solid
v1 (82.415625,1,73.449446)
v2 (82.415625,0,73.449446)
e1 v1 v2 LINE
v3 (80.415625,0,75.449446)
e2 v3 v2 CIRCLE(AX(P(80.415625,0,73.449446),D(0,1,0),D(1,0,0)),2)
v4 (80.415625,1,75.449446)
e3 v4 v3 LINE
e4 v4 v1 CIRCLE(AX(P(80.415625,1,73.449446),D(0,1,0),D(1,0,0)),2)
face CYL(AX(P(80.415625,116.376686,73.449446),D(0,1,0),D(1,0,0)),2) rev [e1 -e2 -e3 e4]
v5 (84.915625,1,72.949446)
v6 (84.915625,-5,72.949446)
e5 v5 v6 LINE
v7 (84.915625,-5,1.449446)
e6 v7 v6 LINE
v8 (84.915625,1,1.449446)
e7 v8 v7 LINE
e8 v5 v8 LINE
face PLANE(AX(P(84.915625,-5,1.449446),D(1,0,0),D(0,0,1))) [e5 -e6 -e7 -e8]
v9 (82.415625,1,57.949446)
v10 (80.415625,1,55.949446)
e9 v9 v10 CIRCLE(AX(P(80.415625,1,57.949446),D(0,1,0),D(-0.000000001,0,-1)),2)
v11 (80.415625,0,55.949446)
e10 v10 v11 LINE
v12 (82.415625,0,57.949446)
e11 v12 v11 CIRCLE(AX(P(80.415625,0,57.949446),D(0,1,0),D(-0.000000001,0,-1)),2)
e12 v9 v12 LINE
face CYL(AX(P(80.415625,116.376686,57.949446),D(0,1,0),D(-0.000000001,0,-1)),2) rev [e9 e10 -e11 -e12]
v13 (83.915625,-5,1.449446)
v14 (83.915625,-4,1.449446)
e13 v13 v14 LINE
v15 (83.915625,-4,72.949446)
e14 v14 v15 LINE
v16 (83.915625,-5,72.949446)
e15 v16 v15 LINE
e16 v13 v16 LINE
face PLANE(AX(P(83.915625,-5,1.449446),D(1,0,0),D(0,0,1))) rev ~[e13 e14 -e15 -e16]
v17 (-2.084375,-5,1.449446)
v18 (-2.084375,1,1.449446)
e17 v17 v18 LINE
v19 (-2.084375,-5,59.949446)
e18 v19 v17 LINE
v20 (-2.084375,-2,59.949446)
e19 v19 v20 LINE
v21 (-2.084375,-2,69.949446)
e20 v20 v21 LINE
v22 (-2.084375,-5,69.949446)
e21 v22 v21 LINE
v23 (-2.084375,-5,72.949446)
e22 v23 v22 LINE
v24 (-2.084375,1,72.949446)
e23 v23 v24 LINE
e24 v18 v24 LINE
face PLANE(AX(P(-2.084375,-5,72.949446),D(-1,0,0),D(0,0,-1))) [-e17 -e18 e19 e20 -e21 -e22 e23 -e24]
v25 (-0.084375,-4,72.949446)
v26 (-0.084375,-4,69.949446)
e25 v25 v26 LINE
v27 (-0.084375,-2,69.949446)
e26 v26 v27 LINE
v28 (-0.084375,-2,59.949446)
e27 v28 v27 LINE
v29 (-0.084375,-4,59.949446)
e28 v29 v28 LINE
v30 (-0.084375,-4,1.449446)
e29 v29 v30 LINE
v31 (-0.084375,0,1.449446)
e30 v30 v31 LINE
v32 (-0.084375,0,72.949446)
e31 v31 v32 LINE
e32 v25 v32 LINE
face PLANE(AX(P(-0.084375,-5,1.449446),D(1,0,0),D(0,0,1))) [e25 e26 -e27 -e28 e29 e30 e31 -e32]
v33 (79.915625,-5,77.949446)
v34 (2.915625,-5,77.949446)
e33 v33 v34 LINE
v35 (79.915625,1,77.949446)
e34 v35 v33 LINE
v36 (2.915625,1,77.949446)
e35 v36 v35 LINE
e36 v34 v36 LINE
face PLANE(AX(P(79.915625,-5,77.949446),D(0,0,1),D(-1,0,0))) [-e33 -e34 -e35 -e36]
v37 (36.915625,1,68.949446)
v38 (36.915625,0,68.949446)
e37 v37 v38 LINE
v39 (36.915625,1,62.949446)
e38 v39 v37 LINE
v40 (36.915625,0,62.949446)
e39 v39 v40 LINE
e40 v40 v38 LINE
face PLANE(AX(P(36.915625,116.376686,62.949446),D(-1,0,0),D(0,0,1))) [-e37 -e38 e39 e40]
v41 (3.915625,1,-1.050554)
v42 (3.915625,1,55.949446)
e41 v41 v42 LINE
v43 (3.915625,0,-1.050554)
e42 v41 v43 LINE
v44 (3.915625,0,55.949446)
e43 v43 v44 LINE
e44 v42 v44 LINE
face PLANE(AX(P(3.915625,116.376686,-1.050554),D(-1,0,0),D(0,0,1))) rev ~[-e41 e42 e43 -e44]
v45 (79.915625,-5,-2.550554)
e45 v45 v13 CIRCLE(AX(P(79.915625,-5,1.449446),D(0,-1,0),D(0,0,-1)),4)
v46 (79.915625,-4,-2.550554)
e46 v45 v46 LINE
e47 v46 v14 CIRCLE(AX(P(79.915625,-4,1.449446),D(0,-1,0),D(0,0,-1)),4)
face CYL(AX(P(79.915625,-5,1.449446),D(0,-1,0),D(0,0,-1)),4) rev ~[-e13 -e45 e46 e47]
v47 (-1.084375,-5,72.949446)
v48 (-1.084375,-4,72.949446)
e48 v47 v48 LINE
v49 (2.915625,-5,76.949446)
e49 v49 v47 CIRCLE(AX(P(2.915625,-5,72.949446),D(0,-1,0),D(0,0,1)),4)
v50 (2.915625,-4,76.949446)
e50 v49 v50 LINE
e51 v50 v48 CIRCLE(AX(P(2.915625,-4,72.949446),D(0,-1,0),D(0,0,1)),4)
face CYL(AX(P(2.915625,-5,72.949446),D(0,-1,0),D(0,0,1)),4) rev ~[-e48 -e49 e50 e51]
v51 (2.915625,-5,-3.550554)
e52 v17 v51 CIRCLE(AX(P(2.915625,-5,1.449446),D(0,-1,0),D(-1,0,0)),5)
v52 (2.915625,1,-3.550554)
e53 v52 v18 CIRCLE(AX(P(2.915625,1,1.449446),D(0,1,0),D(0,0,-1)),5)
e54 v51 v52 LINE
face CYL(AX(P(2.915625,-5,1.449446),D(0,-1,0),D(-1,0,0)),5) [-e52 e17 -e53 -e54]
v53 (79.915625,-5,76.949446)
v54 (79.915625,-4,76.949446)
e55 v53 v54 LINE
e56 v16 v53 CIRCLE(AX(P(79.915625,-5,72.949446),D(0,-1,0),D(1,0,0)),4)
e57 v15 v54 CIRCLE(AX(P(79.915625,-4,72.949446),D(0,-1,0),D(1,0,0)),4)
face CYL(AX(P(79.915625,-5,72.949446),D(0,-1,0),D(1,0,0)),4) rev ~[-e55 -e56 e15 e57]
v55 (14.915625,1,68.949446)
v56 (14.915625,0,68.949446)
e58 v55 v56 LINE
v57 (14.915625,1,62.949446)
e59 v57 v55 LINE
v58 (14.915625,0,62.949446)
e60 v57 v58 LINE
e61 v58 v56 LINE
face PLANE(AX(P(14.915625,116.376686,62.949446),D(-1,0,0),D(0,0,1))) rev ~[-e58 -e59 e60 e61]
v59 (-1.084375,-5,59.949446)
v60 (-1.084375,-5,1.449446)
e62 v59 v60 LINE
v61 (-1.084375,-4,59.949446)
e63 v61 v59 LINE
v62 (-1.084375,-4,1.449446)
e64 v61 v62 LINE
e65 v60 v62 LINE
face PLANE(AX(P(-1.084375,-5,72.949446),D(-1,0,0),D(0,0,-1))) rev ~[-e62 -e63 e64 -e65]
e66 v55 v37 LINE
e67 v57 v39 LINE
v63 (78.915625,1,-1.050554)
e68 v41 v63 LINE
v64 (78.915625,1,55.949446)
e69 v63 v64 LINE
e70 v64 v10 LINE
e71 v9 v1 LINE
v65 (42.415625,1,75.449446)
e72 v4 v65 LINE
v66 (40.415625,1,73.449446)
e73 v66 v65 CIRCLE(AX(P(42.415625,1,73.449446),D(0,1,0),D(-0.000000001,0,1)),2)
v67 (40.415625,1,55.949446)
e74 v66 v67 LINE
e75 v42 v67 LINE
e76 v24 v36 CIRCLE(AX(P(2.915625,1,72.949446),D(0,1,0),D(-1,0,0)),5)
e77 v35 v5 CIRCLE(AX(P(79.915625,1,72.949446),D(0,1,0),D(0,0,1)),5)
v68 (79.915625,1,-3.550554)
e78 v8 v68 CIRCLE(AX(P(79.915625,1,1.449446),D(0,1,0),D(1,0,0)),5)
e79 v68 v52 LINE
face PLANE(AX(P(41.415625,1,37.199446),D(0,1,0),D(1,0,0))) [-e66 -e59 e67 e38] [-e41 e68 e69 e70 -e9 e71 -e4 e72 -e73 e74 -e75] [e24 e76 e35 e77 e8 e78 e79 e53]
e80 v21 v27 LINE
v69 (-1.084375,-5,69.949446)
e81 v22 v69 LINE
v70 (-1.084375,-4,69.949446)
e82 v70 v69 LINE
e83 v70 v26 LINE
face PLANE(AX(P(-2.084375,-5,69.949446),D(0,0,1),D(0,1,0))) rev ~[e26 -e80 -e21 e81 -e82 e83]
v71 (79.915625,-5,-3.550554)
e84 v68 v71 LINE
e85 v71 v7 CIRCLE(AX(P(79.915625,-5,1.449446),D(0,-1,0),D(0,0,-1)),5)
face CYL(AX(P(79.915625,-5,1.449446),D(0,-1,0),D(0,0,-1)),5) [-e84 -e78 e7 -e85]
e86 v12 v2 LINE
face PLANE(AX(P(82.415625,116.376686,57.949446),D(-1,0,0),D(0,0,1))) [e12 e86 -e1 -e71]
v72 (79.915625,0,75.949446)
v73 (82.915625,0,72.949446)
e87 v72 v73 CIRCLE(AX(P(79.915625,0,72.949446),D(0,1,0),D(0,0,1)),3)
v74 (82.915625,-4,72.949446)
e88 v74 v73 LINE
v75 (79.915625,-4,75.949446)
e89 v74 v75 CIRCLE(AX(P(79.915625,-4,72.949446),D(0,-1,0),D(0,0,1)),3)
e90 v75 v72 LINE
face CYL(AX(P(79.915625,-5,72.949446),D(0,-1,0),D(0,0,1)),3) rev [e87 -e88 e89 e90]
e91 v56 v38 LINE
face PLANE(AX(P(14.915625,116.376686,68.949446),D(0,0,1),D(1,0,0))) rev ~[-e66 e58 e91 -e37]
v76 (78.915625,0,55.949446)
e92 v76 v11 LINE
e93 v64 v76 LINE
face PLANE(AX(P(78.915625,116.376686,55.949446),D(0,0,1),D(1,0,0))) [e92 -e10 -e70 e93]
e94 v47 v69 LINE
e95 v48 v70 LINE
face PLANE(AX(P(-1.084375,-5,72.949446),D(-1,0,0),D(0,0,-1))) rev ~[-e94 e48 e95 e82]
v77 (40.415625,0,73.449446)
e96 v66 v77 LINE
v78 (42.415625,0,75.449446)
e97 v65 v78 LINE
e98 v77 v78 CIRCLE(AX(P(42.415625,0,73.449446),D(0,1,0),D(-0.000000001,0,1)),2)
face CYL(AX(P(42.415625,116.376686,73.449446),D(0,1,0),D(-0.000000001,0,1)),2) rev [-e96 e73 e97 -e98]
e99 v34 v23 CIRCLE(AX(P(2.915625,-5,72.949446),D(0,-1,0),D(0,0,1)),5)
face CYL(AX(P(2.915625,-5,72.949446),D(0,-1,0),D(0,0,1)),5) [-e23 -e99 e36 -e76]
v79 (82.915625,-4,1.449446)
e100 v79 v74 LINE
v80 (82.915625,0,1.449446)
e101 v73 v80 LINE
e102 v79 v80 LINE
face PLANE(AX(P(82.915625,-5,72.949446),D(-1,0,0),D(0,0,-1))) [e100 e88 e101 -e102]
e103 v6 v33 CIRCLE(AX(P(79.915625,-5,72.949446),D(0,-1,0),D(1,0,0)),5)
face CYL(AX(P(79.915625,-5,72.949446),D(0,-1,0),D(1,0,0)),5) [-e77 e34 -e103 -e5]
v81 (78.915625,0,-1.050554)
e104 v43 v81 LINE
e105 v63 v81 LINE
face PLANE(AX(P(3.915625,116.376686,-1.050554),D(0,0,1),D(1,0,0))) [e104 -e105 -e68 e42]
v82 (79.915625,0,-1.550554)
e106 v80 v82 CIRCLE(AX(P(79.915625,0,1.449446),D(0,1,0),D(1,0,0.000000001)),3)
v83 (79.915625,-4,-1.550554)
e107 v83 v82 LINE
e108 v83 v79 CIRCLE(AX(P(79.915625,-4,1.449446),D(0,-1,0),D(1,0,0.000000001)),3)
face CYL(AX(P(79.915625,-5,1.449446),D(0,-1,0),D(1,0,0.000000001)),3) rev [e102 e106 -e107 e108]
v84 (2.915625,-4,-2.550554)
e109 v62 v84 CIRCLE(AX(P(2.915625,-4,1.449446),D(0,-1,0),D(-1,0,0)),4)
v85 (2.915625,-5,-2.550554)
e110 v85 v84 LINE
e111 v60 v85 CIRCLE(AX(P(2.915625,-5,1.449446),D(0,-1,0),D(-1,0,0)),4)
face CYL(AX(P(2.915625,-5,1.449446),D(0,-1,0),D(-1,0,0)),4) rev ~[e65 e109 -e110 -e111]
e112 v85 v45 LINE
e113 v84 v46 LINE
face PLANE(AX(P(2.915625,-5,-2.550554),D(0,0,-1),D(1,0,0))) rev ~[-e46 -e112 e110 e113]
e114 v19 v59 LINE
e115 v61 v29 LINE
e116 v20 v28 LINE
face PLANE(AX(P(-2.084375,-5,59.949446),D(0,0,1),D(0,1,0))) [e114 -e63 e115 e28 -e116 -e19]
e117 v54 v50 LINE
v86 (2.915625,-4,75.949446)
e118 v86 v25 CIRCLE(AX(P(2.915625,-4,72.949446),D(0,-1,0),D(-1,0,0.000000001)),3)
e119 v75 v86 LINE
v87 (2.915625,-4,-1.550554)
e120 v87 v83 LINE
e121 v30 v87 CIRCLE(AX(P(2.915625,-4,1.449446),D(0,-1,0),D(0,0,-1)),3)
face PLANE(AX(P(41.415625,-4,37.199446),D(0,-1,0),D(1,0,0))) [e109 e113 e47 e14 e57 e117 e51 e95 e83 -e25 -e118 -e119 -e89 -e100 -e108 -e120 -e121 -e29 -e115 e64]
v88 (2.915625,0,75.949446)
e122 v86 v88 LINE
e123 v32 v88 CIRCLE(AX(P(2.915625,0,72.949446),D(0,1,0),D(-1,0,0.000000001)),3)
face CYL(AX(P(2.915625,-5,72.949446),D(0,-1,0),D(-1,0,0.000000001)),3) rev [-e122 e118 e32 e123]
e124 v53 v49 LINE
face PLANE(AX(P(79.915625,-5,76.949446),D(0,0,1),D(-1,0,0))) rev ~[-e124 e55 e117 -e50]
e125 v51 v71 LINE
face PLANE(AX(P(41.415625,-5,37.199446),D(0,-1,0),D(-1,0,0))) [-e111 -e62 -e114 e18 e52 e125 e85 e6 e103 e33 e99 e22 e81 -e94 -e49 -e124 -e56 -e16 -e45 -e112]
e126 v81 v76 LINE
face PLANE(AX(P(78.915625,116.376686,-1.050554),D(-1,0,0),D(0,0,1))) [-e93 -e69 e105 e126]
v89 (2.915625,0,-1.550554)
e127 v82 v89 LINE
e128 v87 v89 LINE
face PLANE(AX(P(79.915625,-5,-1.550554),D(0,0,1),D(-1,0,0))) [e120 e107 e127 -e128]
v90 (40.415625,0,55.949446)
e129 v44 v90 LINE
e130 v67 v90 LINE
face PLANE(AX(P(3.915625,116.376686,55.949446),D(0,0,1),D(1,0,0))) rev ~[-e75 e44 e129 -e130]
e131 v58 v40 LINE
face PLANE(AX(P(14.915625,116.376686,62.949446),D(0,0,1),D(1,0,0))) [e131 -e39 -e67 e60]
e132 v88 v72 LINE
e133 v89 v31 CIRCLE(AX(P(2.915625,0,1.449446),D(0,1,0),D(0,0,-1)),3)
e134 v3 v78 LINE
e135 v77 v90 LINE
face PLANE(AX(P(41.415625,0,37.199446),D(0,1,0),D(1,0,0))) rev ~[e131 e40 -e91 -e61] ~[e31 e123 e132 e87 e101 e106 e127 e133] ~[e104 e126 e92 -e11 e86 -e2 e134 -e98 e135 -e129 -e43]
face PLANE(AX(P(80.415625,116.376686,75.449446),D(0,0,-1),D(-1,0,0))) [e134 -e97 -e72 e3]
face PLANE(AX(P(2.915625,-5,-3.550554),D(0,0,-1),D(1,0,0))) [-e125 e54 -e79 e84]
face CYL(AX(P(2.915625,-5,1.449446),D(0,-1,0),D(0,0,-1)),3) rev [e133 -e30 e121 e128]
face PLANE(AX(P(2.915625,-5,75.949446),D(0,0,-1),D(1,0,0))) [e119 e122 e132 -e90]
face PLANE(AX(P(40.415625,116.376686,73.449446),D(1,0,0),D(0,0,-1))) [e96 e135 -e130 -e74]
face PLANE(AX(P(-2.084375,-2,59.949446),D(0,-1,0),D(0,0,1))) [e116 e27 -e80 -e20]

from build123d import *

# Parameters (mm, degrees)
EXTRUDE_4_DEPTH          = 1
EXTRUDE_START            = -5
EXTRUDE_5_DEPTH          = 5
CUT_EXTRUDE_START        = 5
CUT_EXTRUDE_1_DEPTH      = 1
CUT_EXTRUDE_2_DEPTH      = 116.376685757
CUT_EXTRUDE_2_DEPTH_BACK = 116.376685757
SKETCH_8_W               = 22
SKETCH_8_H               = 6
SKETCH_8_W_2             = 75
SKETCH_8_H_2             = 57
CUT_EXTRUDE_3_REACH      = 118.919
SKETCH_9_W               = 10
SKETCH_9_H               = 3


with BuildPart() as part:
    # Эскиз1 → Бобышка-Вытянуть4 (new body)
    with BuildSketch(Plane(origin=(0, 0, 0), x_dir=(1, 0, 0), z_dir=(0, 1, 0))):
        with BuildLine():
            Line((-2.084374602, -1.449446306), (-2.084374602, -72.949446306))
            ThreePointArc((-2.084374602, -72.949446306), (-0.619908508, -76.484980212), (2.915625398, -77.949446306))
            Line((2.915625398, -77.949446306), (79.915625398, -77.949446306))
            ThreePointArc((79.915625398, -77.949446306), (83.451159304, -76.484980212), (84.915625398, -72.949446306))
            Line((84.915625398, -72.949446306), (84.915625398, -1.449446306))
            ThreePointArc((84.915625398, -1.449446306), (83.451159304, 2.0860876), (79.915625398, 3.550553694))
            Line((79.915625398, 3.550553694), (2.915625398, 3.550553694))
            ThreePointArc((2.915625398, 3.550553694), (-0.619908508, 2.0860876), (-2.084374602, -1.449446306))
        make_face()
    extrude(amount=EXTRUDE_4_DEPTH)

    # Эскиз1<14> → Бобышка-Вытянуть5 (add)
    with BuildSketch(Plane(origin=(0, 0, 0), x_dir=(1, 0, 0), z_dir=(0, 1, 0)).offset(EXTRUDE_START)):
        with BuildLine():
            Line((2.915625398, 3.550553694), (79.915625398, 3.550553694))
            ThreePointArc((79.915625398, 3.550553694), (83.451159304, 2.0860876), (84.915625398, -1.449446306))
            Line((84.915625398, -1.449446306), (84.915625398, -72.949446306))
            ThreePointArc((84.915625398, -72.949446306), (83.451159304, -76.484980212), (79.915625398, -77.949446306))
            Line((79.915625398, -77.949446306), (2.915625398, -77.949446306))
            ThreePointArc((2.915625398, -77.949446306), (-0.619908508, -76.484980212), (-2.084374602, -72.949446306))
            Line((-2.084374602, -72.949446306), (-2.084374602, -1.449446306))
            ThreePointArc((-2.084374602, -1.449446306), (-0.619908508, 2.0860876), (2.915625398, 3.550553694))
        make_face()
        with BuildLine():
            ThreePointArc((2.915625398, 1.550553694), (0.794305055, 0.671874038), (-0.084374602, -1.449446306))
            Line((-0.084374602, -1.449446306), (-0.084374602, -72.949446306))
            ThreePointArc((-0.084374602, -72.949446306), (0.794305055, -75.070766649), (2.915625398, -75.949446306))
            Line((2.915625398, -75.949446306), (79.915625398, -75.949446306))
            ThreePointArc((79.915625398, -75.949446306), (82.036945742, -75.070766649), (82.915625398, -72.949446306))
            Line((82.915625398, -72.949446306), (82.915625398, -1.449446306))
            ThreePointArc((82.915625398, -1.449446306), (82.036945742, 0.671874038), (79.915625398, 1.550553694))
            Line((79.915625398, 1.550553694), (2.915625398, 1.550553694))
        make_face(mode=Mode.SUBTRACT)
    extrude(amount=EXTRUDE_5_DEPTH)

    # Эскиз3 → Вырез-Вытянуть1 (cut)
    with BuildSketch(Plane.XZ.offset(CUT_EXTRUDE_START)):
        with BuildLine():
            Line((2.915625398, -2.550553694), (79.915625398, -2.550553694))
            ThreePointArc((79.915625398, -2.550553694), (82.744052523, -1.378980819), (83.915625398, 1.449446306))
            Line((83.915625398, 1.449446306), (83.915625398, 72.949446306))
            ThreePointArc((83.915625398, 72.949446306), (82.744052523, 75.777873431), (79.915625398, 76.949446306))
            Line((79.915625398, 76.949446306), (2.915625398, 76.949446306))
            ThreePointArc((2.915625398, 76.949446306), (0.087198273, 75.777873431), (-1.084374602, 72.949446306))
            Line((-1.084374602, 72.949446306), (-1.084374602, 1.449446306))
            ThreePointArc((-1.084374602, 1.449446306), (0.087198273, -1.378980819), (2.915625398, -2.550553694))
        make_face()
    extrude(amount=-CUT_EXTRUDE_1_DEPTH, mode=Mode.SUBTRACT)

    # Эскиз8 → Вырез-Вытянуть2 (cut, two sides: drawn at the far end of the back side and taken through both)
    with BuildSketch(Plane.XZ.offset(-CUT_EXTRUDE_2_DEPTH_BACK)):
        with BuildLine():
            Line((40.415625398, 55.949446306), (80.415625398, 55.949446306))
            ThreePointArc((80.415625398, 55.949446306), (81.829838961, 56.535232743), (82.415625398, 57.949446306))
            Line((82.415625398, 57.949446306), (82.415625398, 73.449446306))
            ThreePointArc((82.415625398, 73.449446306), (81.829838961, 74.863659868), (80.415625398, 75.449446306))
            Line((80.415625398, 75.449446306), (42.415625398, 75.449446306))
            ThreePointArc((42.415625398, 75.449446306), (41.001411836, 74.863659868), (40.415625398, 73.449446306))
            Line((40.415625398, 73.449446306), (40.415625398, 55.949446306))
        make_face()
        with Locations((25.915625398, 65.949446306)):
            Rectangle(SKETCH_8_W, SKETCH_8_H)
        with Locations((41.415625398, 27.449446306)):
            Rectangle(SKETCH_8_W_2, SKETCH_8_H_2)
    extrude(amount=CUT_EXTRUDE_2_DEPTH + CUT_EXTRUDE_2_DEPTH_BACK, mode=Mode.SUBTRACT)

    # Эскиз9 → Вырез-Вытянуть3 (cut, up to next)
    with BuildSketch(Plane.ZY.offset(2.084374602), mode=Mode.PRIVATE) as cut_extrude_3_sk1:
        with Locations((64.949446306, -3.5)):
            Rectangle(SKETCH_9_W, SKETCH_9_H)
    cut_extrude_3_tool1 = extrude(cut_extrude_3_sk1.sketch, amount=-CUT_EXTRUDE_3_REACH, mode=Mode.PRIVATE) & part.part
    add(cut_extrude_3_tool1.solids().sort_by_distance((-2.084375, -3.5, 64.949446))[0], mode=Mode.SUBTRACT)


solid = part.part
